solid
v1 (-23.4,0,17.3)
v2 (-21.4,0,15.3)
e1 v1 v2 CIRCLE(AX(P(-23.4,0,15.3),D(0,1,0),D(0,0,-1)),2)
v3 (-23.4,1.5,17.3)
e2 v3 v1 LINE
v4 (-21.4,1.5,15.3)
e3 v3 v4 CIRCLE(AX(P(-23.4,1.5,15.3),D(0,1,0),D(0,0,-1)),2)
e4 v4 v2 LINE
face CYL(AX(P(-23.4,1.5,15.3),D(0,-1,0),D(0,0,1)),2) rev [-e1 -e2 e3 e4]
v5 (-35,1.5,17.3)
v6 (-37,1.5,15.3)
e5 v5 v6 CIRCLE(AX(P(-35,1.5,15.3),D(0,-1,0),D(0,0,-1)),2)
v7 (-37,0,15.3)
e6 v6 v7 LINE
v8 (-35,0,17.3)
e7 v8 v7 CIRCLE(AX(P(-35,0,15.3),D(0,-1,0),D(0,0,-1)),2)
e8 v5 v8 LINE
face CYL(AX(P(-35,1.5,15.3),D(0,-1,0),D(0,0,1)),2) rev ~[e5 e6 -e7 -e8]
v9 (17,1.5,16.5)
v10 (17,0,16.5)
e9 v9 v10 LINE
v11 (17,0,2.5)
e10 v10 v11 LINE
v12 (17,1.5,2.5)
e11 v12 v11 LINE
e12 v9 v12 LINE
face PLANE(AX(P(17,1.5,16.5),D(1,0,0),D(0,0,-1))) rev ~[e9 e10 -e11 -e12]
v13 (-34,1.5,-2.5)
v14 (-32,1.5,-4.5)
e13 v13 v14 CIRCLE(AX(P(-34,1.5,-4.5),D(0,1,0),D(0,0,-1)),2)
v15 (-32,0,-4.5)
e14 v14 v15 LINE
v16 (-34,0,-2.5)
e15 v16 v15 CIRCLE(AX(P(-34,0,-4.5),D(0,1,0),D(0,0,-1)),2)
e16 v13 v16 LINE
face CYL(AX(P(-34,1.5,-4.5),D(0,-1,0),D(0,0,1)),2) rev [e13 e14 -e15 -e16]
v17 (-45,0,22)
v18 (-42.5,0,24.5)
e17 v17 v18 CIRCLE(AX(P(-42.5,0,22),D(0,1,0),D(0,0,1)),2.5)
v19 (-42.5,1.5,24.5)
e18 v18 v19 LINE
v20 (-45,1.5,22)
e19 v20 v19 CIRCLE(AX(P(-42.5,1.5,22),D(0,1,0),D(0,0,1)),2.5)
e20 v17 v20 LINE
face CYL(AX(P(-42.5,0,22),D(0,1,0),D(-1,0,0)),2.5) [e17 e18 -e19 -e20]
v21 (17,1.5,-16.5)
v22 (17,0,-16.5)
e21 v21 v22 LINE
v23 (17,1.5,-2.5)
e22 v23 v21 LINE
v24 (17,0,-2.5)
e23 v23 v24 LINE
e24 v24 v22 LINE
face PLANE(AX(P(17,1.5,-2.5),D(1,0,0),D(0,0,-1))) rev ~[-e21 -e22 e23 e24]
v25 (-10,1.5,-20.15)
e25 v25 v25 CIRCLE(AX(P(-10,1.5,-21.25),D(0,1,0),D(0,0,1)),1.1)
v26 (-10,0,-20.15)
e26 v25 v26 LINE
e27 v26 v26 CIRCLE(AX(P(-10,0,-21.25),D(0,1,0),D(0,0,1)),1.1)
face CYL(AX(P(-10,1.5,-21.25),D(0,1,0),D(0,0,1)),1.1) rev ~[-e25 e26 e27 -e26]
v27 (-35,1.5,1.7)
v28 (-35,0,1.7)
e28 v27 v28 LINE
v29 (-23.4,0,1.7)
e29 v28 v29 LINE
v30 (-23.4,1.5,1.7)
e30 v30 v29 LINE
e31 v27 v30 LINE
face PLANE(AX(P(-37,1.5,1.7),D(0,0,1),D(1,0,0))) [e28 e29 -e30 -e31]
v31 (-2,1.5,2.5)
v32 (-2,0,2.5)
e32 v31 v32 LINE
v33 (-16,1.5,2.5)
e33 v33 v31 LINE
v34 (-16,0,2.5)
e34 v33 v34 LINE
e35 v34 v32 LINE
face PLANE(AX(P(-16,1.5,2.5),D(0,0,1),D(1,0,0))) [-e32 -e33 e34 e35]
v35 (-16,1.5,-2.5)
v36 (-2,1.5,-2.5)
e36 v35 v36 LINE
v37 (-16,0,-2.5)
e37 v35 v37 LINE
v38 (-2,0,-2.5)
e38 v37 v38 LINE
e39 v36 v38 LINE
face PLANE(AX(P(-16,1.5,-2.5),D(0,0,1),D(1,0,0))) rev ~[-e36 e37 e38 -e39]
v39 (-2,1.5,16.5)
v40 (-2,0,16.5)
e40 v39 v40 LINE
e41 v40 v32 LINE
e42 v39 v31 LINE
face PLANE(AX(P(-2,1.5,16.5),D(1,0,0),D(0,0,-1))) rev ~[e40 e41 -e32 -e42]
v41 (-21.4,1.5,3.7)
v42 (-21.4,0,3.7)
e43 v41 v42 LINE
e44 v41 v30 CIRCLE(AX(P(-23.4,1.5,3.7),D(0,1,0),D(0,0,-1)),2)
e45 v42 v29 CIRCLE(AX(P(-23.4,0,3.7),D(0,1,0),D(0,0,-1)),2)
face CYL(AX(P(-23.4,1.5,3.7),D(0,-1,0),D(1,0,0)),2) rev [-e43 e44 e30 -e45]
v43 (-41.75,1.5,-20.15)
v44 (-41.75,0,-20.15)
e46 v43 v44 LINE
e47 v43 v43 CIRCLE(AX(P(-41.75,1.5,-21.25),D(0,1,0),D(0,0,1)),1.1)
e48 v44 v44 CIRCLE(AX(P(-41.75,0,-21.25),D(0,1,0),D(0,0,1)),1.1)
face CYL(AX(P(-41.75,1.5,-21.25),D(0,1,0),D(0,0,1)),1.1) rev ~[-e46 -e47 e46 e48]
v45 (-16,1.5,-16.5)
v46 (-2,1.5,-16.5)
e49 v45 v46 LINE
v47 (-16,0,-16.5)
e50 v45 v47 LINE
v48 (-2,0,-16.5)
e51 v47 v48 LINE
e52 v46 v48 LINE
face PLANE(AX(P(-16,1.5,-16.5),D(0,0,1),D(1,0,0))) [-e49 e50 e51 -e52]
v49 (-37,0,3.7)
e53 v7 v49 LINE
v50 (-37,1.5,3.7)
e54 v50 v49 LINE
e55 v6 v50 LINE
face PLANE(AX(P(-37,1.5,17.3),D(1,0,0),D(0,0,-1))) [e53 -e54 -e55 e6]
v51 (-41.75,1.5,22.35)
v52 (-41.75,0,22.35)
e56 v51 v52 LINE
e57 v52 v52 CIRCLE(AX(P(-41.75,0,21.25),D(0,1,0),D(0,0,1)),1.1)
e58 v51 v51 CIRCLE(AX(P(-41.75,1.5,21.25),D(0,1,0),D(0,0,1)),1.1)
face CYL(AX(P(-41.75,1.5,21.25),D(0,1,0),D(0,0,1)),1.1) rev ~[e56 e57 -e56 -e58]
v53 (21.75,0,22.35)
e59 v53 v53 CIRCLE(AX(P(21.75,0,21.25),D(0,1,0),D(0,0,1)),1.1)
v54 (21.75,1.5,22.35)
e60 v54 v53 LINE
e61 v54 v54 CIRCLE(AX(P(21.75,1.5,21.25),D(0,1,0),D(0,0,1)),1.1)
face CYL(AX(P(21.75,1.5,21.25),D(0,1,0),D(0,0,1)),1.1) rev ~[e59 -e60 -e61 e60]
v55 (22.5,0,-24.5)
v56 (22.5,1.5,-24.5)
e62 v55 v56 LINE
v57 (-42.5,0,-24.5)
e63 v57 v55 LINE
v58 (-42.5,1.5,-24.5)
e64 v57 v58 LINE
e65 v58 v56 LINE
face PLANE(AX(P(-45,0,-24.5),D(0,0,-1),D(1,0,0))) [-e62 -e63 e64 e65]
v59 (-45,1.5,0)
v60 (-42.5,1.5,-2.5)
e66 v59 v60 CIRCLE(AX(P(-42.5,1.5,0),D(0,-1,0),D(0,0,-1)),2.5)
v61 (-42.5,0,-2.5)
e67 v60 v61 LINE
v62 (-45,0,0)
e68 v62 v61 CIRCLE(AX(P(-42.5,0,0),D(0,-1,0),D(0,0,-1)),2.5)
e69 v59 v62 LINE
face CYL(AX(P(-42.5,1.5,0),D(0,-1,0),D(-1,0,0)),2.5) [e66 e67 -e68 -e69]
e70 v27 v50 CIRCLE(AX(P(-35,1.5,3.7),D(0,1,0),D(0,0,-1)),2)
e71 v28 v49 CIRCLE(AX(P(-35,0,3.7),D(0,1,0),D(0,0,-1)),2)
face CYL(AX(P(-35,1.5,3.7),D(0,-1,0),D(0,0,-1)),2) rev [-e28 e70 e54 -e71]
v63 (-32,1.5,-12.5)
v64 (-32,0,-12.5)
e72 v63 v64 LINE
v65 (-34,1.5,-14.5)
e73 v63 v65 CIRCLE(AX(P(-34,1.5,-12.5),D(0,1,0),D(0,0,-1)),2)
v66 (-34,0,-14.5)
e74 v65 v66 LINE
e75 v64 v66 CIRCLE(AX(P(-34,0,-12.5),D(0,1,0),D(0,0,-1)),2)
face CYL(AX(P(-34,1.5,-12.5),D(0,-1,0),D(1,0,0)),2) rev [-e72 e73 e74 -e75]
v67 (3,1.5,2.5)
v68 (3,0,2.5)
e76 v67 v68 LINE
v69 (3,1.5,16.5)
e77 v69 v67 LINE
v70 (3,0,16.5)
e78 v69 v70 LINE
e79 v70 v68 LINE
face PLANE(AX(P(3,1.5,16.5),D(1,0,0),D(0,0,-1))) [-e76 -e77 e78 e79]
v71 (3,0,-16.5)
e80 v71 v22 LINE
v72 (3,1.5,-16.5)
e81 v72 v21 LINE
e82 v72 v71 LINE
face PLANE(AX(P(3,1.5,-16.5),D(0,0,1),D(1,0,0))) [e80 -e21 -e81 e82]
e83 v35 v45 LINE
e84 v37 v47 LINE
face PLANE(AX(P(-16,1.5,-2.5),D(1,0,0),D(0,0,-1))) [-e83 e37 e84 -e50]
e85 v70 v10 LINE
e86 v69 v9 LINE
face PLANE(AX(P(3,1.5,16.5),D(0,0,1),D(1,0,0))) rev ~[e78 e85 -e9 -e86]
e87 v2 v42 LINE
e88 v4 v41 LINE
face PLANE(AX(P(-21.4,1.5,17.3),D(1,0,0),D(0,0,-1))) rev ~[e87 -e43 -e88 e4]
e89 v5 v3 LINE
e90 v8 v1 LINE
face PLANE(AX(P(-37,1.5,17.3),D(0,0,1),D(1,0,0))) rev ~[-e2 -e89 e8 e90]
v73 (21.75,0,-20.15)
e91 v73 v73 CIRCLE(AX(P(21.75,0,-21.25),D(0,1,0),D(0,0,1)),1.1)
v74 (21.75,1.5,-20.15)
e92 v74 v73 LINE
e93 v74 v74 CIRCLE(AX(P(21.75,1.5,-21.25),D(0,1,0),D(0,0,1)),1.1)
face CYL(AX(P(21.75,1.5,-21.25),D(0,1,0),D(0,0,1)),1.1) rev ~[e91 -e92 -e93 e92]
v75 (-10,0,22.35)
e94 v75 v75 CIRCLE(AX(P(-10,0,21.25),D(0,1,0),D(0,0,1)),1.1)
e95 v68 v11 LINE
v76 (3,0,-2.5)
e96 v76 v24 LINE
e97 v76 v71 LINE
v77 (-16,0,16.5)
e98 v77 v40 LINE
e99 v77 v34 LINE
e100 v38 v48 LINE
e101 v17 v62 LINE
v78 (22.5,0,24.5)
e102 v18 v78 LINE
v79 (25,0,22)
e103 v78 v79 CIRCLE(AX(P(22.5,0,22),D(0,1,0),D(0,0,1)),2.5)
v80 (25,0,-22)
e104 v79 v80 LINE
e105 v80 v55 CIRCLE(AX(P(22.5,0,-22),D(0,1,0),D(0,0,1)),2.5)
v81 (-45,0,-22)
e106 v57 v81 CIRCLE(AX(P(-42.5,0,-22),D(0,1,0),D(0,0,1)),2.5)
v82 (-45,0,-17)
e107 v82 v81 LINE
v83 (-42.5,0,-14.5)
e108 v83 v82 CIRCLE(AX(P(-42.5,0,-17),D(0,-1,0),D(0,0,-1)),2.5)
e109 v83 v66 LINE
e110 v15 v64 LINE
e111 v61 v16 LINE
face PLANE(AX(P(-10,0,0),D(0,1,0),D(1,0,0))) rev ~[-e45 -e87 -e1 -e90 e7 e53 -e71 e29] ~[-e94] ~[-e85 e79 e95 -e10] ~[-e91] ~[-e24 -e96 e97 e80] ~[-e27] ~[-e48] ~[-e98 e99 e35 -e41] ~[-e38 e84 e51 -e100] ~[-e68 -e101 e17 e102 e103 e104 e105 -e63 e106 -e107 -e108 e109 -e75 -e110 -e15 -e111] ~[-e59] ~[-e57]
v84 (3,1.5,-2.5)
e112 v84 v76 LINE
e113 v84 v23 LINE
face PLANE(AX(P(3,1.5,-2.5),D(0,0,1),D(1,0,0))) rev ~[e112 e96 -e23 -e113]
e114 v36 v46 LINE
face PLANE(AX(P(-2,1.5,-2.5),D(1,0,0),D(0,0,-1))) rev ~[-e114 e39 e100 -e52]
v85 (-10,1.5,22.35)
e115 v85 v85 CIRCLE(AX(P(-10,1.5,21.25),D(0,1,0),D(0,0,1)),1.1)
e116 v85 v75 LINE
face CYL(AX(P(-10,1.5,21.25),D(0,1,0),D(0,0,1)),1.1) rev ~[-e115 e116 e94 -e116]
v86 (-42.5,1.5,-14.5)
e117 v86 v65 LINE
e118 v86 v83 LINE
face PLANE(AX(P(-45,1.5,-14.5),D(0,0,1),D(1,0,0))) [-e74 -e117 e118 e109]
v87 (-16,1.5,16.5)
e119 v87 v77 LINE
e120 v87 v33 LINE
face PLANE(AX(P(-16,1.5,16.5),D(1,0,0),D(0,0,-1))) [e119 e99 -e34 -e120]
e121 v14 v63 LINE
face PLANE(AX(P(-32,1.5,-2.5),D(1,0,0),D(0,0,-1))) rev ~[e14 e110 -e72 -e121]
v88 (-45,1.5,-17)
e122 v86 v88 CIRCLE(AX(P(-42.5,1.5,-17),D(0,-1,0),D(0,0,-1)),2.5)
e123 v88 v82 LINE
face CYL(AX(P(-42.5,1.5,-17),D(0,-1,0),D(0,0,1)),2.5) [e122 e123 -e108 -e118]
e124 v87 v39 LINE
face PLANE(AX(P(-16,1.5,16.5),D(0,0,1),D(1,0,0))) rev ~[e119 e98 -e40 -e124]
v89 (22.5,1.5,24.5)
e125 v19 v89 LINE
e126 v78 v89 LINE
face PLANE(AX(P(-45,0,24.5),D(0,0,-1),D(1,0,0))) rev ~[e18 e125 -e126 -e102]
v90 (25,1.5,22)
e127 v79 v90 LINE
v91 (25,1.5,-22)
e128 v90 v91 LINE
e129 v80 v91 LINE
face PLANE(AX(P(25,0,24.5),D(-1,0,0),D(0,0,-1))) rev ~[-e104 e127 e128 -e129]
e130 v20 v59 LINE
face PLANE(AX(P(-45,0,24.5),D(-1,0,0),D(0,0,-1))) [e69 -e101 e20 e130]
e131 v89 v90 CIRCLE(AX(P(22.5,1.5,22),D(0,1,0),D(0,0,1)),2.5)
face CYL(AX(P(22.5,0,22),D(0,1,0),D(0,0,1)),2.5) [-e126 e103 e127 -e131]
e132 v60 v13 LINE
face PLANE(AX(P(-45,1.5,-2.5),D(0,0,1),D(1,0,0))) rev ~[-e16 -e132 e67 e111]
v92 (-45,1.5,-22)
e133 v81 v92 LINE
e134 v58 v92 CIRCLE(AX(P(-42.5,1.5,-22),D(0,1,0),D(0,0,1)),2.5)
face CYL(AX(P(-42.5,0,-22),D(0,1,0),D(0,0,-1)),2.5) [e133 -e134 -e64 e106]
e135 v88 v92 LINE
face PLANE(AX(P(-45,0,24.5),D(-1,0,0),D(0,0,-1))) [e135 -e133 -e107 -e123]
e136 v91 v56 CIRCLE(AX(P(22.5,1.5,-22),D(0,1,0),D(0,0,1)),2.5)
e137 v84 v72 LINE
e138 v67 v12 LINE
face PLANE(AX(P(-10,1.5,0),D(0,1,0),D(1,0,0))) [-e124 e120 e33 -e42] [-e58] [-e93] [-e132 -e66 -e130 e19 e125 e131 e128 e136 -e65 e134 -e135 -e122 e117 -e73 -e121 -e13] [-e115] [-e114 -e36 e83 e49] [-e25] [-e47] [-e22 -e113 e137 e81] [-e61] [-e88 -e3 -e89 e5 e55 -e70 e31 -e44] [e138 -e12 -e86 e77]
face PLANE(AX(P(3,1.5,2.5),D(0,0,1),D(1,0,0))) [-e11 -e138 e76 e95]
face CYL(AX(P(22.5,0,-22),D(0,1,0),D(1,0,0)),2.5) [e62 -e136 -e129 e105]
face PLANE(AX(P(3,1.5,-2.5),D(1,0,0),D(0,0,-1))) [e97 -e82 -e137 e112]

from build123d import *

# Parameters (mm, degrees)
SKETCH1_W            = 40
SKETCH1_H            = 39
BOSS_EXTRUDE1_DEPTH  = 1.5
SKETCH3_W            = 70
SKETCH3_H            = 49
BOSS_EXTRUDE2_DEPTH  = 1.5
SKETCH4_W            = 13
SKETCH4_H            = 12
CUT_EXTRUDE1_DEPTH   = 52.259145525
SKETCH5_W            = 15.6
SKETCH5_H            = 15.6
CUT_EXTRUDE2_DEPTH   = 52.259145525
FILLET2_R            = 2
SKETCH6_R            = 1.1
CUT_EXTRUDE3_DEPTH   = 52.259145525
FILLET4_R            = 2.5
SKETCH7_W            = 14
SKETCH7_H            = 14
CUT_EXTRUDE4_DEPTH   = 52.259145525
LPATTERN1_COUNT      = 2
LPATTERN1_PITCH      = 19
LPATTERN1_COUNT_DIR2 = 2
LPATTERN1_PITCH_DIR2 = 19
FILLET5_R            = 2


with BuildPart() as part:
    # Sketch1 → Boss-Extrude1 (new body)
    with BuildSketch(Plane(origin=(0, 0, 0), x_dir=(1, 0, 0), z_dir=(0, 1, 0))):
        Rectangle(SKETCH1_W, SKETCH1_H)
    extrude(amount=BOSS_EXTRUDE1_DEPTH)

    # Sketch3 → Boss-Extrude2 (add)
    with BuildSketch(Plane(origin=(0, 0, 0), x_dir=(1, 0, 0), z_dir=(0, 1, 0))):
        with Locations((-10, 0)):
            Rectangle(SKETCH3_W, SKETCH3_H)
    extrude(amount=BOSS_EXTRUDE2_DEPTH)

    # Sketch4 → Cut-Extrude1 (cut, through all)
    with BuildSketch(Plane(origin=(0, 1.5, 0), x_dir=(1, 0, 0), z_dir=(0, 1, 0))):
        with Locations((-38.5, 8.5)):
            Rectangle(SKETCH4_W, SKETCH4_H)
    extrude(amount=-CUT_EXTRUDE1_DEPTH, mode=Mode.SUBTRACT)

    # Sketch5 → Cut-Extrude2 (cut, through all)
    with BuildSketch(Plane(origin=(0, 1.5, 0), x_dir=(1, 0, 0), z_dir=(0, 1, 0))):
        with Locations((-29.2, -9.5)):
            Rectangle(SKETCH5_W, SKETCH5_H)
    extrude(amount=-CUT_EXTRUDE2_DEPTH, mode=Mode.SUBTRACT)

    # Fillet2
    fillet2_edges = [part.edges().sort_by_distance(p)[0] for p in [
        (-37, 0.75, 17.3),
        (-37, 0.75, 1.7),
        (-21.4, 0.75, 1.7),
        (-21.4, 0.75, 17.3),
    ]]
    fillet(fillet2_edges, radius=FILLET2_R)

    # Sketch6 → Cut-Extrude3 (cut, through all)
    with BuildSketch(Plane(origin=(0, 1.5, 0), x_dir=(1, 0, 0), z_dir=(0, 1, 0))):
        with Locations(Location((-41.75, 21.25, 0), (0, 0, 270))):
            Circle(SKETCH6_R)
        with Locations(Location((21.75, 21.25, 0), (0, 0, 270))):
            Circle(SKETCH6_R)
        with Locations(Location((21.75, -21.25, 0), (0, 0, 270))):
            Circle(SKETCH6_R)
        with Locations(Location((-41.75, -21.25, 0), (0, 0, 270))):
            Circle(SKETCH6_R)
        with Locations(Location((-10, -21.25, 0), (0, 0, 270))):
            Circle(SKETCH6_R)
        with Locations(Location((-10, 21.25, 0), (0, 0, 270))):
            Circle(SKETCH6_R)
    extrude(amount=-CUT_EXTRUDE3_DEPTH, mode=Mode.SUBTRACT)

    # Fillet4
    fillet4_edges = [part.edges().sort_by_distance(p)[0] for p in [
        (25, 0.75, 24.5),
        (25, 0.75, -24.5),
        (-45, 0.75, -24.5),
        (-45, 0.75, 24.5),
        (-45, 0.75, -2.5),
        (-45, 0.75, -14.5),
    ]]
    fillet(fillet4_edges, radius=FILLET4_R)

    # Sketch7 → Cut-Extrude4 (cut, through all)
    with BuildSketch(Plane(origin=(0, 1.5, 0), x_dir=(1, 0, 0), z_dir=(0, 1, 0))):
        with Locations((-9, 9.5)):
            Rectangle(SKETCH7_W, SKETCH7_H)
    cut_extrude4 = extrude(amount=-CUT_EXTRUDE4_DEPTH, mode=Mode.SUBTRACT)

    # LPattern1: Cut-Extrude4 2 × 2
    with Locations(*[(i * LPATTERN1_PITCH, 0, j * LPATTERN1_PITCH_DIR2) for i in range(LPATTERN1_COUNT) for j in range(LPATTERN1_COUNT_DIR2) if (i, j) != (0, 0)]):
        add(cut_extrude4, mode=Mode.SUBTRACT)

    # Fillet5
    fillet5_edges = [part.edges().sort_by_distance(p)[0] for p in [
        (-32, 0.75, -14.5),
        (-32, 0.75, -2.5),
    ]]
    fillet(fillet5_edges, radius=FILLET5_R)


solid = part.part
